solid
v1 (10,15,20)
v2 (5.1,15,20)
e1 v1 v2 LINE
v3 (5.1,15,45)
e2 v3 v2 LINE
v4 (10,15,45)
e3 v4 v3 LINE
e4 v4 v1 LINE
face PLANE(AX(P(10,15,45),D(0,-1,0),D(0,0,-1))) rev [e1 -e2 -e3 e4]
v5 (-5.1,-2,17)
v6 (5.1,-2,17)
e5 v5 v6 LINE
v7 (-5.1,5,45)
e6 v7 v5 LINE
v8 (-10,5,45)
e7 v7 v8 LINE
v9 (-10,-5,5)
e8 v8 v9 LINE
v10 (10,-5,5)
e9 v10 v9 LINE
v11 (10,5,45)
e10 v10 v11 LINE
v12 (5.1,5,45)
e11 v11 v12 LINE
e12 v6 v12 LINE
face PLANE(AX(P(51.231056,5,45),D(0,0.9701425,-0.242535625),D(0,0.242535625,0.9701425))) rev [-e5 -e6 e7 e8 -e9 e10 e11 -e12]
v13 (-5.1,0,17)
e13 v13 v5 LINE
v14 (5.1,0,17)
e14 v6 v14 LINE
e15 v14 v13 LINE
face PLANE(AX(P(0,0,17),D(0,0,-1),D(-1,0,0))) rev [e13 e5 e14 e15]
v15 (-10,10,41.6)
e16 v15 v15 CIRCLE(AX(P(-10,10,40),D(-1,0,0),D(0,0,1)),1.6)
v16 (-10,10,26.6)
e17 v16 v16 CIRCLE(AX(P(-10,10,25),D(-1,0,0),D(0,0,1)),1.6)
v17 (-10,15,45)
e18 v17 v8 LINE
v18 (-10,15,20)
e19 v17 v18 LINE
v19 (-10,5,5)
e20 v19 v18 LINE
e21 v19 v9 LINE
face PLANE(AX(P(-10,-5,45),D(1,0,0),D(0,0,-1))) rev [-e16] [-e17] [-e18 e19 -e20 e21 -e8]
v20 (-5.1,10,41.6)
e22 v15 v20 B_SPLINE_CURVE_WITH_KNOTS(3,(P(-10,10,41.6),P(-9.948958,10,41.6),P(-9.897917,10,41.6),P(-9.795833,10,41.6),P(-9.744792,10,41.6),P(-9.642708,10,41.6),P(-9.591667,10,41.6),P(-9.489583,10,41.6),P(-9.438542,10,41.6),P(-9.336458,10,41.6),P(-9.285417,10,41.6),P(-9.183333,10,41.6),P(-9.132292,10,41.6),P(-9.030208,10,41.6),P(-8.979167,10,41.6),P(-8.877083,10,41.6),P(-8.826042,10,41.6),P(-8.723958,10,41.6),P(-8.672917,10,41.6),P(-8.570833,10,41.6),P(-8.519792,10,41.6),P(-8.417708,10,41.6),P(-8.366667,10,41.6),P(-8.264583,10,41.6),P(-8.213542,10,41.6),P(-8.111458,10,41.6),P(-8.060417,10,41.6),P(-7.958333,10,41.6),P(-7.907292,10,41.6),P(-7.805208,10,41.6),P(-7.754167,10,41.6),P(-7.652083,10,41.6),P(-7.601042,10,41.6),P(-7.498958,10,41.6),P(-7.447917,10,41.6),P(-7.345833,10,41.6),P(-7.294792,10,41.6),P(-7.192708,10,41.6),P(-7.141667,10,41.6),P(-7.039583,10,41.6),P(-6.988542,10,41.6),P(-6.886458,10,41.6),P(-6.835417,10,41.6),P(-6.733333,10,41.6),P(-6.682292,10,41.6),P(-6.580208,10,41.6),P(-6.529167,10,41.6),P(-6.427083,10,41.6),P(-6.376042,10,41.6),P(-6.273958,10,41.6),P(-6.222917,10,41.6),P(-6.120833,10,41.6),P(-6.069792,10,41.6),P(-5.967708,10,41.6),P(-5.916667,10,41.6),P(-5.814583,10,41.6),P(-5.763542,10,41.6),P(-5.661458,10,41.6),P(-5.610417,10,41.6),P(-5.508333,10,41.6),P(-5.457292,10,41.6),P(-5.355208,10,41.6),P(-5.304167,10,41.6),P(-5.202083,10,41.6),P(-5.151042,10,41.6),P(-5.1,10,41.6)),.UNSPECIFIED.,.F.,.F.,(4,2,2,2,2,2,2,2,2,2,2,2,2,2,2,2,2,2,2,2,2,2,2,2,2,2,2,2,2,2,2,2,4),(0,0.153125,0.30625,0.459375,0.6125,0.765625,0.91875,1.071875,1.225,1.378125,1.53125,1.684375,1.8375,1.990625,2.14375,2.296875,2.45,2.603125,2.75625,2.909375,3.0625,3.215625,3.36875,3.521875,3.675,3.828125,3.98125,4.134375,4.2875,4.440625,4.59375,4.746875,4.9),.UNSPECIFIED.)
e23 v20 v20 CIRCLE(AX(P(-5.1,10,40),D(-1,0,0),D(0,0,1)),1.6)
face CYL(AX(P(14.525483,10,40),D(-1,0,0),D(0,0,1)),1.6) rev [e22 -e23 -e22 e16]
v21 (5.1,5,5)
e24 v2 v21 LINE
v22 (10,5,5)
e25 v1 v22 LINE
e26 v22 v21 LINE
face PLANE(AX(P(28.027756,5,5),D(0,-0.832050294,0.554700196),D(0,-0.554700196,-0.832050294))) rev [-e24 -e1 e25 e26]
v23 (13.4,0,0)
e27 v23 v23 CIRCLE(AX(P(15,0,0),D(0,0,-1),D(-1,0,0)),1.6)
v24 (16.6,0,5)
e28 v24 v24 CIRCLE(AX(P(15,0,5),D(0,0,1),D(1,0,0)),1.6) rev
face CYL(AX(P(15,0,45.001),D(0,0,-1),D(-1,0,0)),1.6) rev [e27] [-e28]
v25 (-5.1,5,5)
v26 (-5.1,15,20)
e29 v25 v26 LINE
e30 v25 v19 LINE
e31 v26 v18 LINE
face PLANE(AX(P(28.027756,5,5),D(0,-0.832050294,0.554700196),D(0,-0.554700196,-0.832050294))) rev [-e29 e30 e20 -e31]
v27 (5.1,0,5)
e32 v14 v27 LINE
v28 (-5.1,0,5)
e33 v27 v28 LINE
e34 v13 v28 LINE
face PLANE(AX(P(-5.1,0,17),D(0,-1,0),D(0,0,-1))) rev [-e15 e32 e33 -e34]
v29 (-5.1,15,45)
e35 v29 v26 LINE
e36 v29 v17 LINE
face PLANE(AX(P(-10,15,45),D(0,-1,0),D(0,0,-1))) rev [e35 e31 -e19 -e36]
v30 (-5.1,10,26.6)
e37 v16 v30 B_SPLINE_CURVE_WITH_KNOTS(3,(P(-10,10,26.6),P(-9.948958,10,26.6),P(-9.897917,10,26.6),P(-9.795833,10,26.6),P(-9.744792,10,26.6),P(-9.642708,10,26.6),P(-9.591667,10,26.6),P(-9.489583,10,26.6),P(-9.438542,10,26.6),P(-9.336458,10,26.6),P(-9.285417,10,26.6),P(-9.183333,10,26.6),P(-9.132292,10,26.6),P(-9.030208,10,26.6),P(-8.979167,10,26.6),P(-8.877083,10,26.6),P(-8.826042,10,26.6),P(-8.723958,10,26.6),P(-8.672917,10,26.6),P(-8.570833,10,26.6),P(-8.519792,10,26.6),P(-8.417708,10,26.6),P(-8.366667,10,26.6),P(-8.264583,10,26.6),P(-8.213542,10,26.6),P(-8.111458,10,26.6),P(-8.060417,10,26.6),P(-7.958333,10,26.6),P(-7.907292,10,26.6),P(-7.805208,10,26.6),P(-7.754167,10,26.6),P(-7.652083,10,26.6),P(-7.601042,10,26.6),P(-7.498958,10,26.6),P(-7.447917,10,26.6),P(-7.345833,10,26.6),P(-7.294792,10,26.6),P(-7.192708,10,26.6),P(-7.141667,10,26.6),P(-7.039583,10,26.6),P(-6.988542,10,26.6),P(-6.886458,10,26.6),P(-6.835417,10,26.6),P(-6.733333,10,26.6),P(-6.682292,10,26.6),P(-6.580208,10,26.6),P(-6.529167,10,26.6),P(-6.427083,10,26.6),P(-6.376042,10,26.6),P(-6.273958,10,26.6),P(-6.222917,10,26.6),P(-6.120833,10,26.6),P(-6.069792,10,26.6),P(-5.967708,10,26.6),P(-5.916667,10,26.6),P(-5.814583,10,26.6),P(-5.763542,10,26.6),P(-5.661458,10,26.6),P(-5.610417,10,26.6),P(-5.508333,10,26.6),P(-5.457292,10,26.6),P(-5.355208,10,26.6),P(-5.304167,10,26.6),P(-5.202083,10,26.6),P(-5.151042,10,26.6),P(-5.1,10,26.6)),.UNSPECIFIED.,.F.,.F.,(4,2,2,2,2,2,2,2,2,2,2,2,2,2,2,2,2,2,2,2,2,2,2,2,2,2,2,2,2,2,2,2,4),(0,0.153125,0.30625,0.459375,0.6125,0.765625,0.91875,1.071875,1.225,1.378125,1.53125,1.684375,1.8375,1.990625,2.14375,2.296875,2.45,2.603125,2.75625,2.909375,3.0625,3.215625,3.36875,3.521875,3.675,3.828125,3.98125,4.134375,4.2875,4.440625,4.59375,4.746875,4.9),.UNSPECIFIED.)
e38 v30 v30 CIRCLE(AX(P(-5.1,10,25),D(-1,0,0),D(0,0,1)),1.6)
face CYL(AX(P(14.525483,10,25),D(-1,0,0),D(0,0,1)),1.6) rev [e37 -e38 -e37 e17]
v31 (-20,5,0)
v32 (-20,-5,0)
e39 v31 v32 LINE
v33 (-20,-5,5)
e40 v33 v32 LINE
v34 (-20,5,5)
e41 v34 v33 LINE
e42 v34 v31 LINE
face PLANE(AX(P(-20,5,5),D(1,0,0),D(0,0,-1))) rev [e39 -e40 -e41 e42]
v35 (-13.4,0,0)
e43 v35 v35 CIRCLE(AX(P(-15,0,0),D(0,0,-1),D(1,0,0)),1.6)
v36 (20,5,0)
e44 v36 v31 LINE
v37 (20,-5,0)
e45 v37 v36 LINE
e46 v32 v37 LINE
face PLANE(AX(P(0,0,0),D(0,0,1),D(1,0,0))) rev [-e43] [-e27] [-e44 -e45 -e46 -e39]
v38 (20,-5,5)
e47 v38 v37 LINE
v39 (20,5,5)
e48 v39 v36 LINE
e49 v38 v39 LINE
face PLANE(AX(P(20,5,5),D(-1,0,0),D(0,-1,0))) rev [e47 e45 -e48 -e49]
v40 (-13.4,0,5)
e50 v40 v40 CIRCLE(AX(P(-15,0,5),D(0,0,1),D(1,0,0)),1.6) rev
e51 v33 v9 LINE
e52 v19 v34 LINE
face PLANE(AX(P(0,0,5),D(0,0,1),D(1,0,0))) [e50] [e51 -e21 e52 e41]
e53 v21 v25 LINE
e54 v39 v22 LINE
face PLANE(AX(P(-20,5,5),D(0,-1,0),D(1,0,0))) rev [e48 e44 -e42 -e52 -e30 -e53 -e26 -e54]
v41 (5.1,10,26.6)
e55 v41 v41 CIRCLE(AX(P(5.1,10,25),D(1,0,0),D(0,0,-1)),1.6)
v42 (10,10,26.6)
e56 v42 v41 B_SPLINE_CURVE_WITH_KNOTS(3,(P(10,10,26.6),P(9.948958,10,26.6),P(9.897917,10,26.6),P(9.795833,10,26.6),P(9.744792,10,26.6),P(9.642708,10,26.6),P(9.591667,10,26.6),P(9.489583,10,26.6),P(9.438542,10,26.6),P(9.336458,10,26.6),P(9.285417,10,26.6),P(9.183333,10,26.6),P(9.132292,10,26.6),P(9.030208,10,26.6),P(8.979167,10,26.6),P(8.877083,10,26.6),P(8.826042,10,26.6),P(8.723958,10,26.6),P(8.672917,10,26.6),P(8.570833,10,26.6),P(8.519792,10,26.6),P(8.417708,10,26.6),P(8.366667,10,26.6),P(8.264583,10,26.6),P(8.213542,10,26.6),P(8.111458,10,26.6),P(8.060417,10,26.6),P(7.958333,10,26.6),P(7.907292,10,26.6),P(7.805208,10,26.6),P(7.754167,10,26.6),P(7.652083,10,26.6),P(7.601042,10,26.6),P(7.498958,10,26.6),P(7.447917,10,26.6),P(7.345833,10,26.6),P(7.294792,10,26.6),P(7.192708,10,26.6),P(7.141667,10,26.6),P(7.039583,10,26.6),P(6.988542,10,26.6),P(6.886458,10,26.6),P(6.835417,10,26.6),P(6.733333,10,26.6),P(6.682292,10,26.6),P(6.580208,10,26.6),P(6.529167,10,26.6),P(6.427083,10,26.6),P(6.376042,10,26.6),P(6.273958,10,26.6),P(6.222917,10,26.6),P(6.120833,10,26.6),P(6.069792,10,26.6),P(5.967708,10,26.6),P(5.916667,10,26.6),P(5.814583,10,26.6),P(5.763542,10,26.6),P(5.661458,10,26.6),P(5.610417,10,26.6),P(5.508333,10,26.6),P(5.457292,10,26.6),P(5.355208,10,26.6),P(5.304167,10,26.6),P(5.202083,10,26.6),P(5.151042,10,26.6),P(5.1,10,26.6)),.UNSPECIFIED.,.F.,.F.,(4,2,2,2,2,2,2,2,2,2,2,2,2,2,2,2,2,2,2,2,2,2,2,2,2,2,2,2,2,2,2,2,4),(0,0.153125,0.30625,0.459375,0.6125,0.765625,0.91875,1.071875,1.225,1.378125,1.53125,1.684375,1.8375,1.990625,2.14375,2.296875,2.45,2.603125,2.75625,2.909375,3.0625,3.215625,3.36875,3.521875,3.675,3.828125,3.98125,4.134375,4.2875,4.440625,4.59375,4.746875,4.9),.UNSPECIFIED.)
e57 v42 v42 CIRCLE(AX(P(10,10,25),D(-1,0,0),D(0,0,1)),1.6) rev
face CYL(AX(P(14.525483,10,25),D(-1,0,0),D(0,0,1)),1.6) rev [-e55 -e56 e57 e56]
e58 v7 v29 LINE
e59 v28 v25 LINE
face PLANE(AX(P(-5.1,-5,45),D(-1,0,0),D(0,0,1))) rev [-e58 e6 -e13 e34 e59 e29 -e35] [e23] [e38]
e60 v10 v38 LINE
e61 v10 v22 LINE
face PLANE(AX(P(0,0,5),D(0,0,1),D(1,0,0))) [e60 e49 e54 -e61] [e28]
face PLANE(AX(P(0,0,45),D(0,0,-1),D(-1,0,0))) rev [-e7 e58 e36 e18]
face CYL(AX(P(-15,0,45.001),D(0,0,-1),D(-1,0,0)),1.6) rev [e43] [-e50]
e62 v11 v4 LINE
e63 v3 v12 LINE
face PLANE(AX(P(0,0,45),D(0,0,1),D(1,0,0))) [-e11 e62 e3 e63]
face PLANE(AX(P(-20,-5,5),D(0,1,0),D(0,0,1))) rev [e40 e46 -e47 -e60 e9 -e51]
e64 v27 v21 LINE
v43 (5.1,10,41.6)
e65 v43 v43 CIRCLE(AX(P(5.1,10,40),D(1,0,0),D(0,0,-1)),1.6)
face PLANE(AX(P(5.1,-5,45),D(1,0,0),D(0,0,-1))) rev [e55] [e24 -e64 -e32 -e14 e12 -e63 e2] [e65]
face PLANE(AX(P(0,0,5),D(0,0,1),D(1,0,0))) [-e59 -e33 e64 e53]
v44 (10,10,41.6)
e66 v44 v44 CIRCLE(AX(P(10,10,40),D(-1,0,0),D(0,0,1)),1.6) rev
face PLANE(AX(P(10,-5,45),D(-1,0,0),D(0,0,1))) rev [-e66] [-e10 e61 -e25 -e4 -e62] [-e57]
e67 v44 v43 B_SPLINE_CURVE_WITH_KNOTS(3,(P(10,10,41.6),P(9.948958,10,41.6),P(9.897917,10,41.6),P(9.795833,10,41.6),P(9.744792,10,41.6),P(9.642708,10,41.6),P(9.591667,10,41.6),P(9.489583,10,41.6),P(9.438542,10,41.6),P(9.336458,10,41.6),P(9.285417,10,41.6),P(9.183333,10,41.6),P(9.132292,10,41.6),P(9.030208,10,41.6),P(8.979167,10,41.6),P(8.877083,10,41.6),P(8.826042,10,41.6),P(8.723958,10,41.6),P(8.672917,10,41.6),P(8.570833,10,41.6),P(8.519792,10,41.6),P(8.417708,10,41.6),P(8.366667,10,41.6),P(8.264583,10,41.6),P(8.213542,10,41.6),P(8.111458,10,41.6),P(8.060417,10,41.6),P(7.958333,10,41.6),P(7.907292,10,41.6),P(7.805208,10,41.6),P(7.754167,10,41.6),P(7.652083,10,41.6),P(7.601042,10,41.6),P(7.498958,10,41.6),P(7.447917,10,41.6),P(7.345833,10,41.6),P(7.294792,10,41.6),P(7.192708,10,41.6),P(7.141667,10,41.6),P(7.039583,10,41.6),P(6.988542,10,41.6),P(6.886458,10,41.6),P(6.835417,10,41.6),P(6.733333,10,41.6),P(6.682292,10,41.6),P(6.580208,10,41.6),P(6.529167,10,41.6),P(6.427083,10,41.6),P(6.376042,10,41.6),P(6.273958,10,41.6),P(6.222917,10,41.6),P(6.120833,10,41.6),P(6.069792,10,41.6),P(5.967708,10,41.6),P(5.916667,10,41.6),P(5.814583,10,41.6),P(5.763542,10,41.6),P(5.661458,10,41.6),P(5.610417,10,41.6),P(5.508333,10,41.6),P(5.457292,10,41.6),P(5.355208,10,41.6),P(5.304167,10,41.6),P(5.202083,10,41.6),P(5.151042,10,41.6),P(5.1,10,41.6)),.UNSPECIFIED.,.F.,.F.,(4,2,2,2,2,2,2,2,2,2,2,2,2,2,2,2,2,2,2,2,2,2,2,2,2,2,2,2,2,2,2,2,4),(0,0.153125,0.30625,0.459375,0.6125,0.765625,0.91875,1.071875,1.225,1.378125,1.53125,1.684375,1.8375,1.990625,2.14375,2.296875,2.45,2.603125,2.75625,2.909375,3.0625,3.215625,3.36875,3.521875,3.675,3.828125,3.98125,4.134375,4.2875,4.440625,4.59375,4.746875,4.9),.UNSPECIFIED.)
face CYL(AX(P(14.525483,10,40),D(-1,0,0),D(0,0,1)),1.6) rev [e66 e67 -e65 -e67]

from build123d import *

# Parameters (mm, degrees)
SKETCH1_W           = 40
SKETCH1_H           = 10
BOSS_EXTRUDE1_DEPTH = 5
SKETCH2_W           = 4.9
SKETCH2_H           = 20
BOSS_EXTRUDE2_DEPTH = 40
CUT_EXTRUDE1_REACH  = 58.125
SKETCH3_R           = 1.6
CUT_EXTRUDE2_REACH  = 58.125
CUT_EXTRUDE3_REACH  = 58.125
CUT_EXTRUDE4_REACH  = 53.478
SKETCH6_R           = 1.6
SKETCH7_W           = 10.2
SKETCH7_H           = 3
BOSS_EXTRUDE3_DEPTH = 40
CUT_EXTRUDE5_DEPTH  = 40
SKETCH10_W          = 10.2
SKETCH10_H          = 2
BOSS_EXTRUDE4_DEPTH = 12


with BuildPart() as part:
    # Sketch1 → Boss-Extrude1 (new body)
    with BuildSketch(Plane.XY):
        Rectangle(SKETCH1_W, SKETCH1_H)
    extrude(amount=BOSS_EXTRUDE1_DEPTH)

    # Sketch2 → Boss-Extrude2 (add)
    with BuildSketch(Plane.XY.offset(5)):
        with Locations((7.55, 5)):
            Rectangle(SKETCH2_W, SKETCH2_H)
        with Locations((-7.55, 5)):
            Rectangle(SKETCH2_W, SKETCH2_H)
    extrude(amount=BOSS_EXTRUDE2_DEPTH)

    # Cut-Extrude1: up to this face of the body (flat: up to its plane)
    cut_extrude1_end = Plane(part.part.faces().sort_by_distance((10, 5, 25))[0])
    # Sketch3 → Cut-Extrude1 (cut, up to the picked face)
    with BuildSketch(Plane.ZY.offset(10), mode=Mode.PRIVATE) as cut_extrude1_sk1:
        with Locations((40, 10)):
            Circle(SKETCH3_R)
    cut_extrude1_tool1 = split(extrude(cut_extrude1_sk1.sketch, amount=-CUT_EXTRUDE1_REACH, mode=Mode.PRIVATE), bisect_by=cut_extrude1_end, keep=Keep.BOTH, mode=Mode.PRIVATE)
    # Sketch3 → Cut-Extrude1 (cut, up to the picked face)
    with BuildSketch(Plane.ZY.offset(10), mode=Mode.PRIVATE) as cut_extrude1_sk2:
        with Locations((25, 10)):
            Circle(SKETCH3_R)
    cut_extrude1_tool2 = split(extrude(cut_extrude1_sk2.sketch, amount=-CUT_EXTRUDE1_REACH, mode=Mode.PRIVATE), bisect_by=cut_extrude1_end, keep=Keep.BOTH, mode=Mode.PRIVATE)
    add(cut_extrude1_tool1.solids().sort_by(Axis((-10, 10, 40), (1, 0, 0)))[0], mode=Mode.SUBTRACT)
    add(cut_extrude1_tool2.solids().sort_by(Axis((-10, 10, 25), (1, 0, 0)))[0], mode=Mode.SUBTRACT)

    # Cut-Extrude2: up to this face of the body (flat: up to its plane)
    cut_extrude2_end = Plane(part.part.faces().sort_by_distance((10, 4.897406266, 24.846109398))[0])
    # Sketch4 → Cut-Extrude2 (cut, up to the picked face)
    with BuildSketch(Plane.ZY.offset(10), mode=Mode.PRIVATE) as cut_extrude2_sk1:
        Polygon((5, 5), (20, 15), (5, 15), align=None)
    cut_extrude2_tool1 = split(extrude(cut_extrude2_sk1.sketch, amount=-CUT_EXTRUDE2_REACH, mode=Mode.PRIVATE), bisect_by=cut_extrude2_end, keep=Keep.BOTH, mode=Mode.PRIVATE)
    add(cut_extrude2_tool1.solids().sort_by(Axis((-10, 11.666667, 10), (1, 0, 0)))[0], mode=Mode.SUBTRACT)

    # Cut-Extrude3: up to this face of the body (flat: up to its plane)
    cut_extrude3_end = Plane(part.part.faces().sort_by_distance((10, 4.181249184, 26.416760511))[0])
    # Sketch5 → Cut-Extrude3 (cut, up to the picked face)
    with BuildSketch(Plane.ZY.offset(10), mode=Mode.PRIVATE) as cut_extrude3_sk1:
        Polygon((45, 5), (5, -5), (45, -5), align=None)
    cut_extrude3_tool1 = split(extrude(cut_extrude3_sk1.sketch, amount=-CUT_EXTRUDE3_REACH, mode=Mode.PRIVATE), bisect_by=cut_extrude3_end, keep=Keep.BOTH, mode=Mode.PRIVATE)
    add(cut_extrude3_tool1.solids().sort_by(Axis((-10, -1.666667, 31.666667), (1, 0, 0)))[0], mode=Mode.SUBTRACT)

    # Sketch6 → Cut-Extrude4 (cut, up to next)
    with BuildSketch(Plane(origin=(0, 0, 0), x_dir=(-1, 0, 0), z_dir=(0, 0, -1)), mode=Mode.PRIVATE) as cut_extrude4_sk1:
        with Locations((-15, 0)):
            Circle(SKETCH6_R)
    cut_extrude4_tool1 = extrude(cut_extrude4_sk1.sketch, amount=-CUT_EXTRUDE4_REACH, mode=Mode.PRIVATE) & part.part
    # Sketch6 → Cut-Extrude4 (cut, up to next)
    with BuildSketch(Plane(origin=(0, 0, 0), x_dir=(-1, 0, 0), z_dir=(0, 0, -1)), mode=Mode.PRIVATE) as cut_extrude4_sk2:
        with Locations(Location((15, 0, 0), (0, 0, 180))):
            Circle(SKETCH6_R)
    cut_extrude4_tool2 = extrude(cut_extrude4_sk2.sketch, amount=-CUT_EXTRUDE4_REACH, mode=Mode.PRIVATE) & part.part
    add(cut_extrude4_tool1.solids().sort_by_distance((15, 0, 0))[0], mode=Mode.SUBTRACT)
    add(cut_extrude4_tool2.solids().sort_by_distance((-15, 0, 0))[0], mode=Mode.SUBTRACT)

    # Sketch7 → Boss-Extrude3 (add)
    with BuildSketch(Plane.XY.offset(5)):
        with Locations((0, -3.5)):
            Rectangle(SKETCH7_W, SKETCH7_H)
    extrude(amount=BOSS_EXTRUDE3_DEPTH)

    # Sketch8 → Cut-Extrude5 (cut)
    with BuildSketch(Plane.ZY.offset(5.1)):
        Polygon((5, -5), (25, 0), (45, 0), (45, -5), align=None)
    extrude(amount=-CUT_EXTRUDE5_DEPTH, mode=Mode.SUBTRACT)

    # Sketch10 → Boss-Extrude4 (add)
    with BuildSketch(Plane.XY.offset(5)):
        with Locations((0, -1)):
            Rectangle(SKETCH10_W, SKETCH10_H)
    extrude(amount=BOSS_EXTRUDE4_DEPTH)


solid = part.part
